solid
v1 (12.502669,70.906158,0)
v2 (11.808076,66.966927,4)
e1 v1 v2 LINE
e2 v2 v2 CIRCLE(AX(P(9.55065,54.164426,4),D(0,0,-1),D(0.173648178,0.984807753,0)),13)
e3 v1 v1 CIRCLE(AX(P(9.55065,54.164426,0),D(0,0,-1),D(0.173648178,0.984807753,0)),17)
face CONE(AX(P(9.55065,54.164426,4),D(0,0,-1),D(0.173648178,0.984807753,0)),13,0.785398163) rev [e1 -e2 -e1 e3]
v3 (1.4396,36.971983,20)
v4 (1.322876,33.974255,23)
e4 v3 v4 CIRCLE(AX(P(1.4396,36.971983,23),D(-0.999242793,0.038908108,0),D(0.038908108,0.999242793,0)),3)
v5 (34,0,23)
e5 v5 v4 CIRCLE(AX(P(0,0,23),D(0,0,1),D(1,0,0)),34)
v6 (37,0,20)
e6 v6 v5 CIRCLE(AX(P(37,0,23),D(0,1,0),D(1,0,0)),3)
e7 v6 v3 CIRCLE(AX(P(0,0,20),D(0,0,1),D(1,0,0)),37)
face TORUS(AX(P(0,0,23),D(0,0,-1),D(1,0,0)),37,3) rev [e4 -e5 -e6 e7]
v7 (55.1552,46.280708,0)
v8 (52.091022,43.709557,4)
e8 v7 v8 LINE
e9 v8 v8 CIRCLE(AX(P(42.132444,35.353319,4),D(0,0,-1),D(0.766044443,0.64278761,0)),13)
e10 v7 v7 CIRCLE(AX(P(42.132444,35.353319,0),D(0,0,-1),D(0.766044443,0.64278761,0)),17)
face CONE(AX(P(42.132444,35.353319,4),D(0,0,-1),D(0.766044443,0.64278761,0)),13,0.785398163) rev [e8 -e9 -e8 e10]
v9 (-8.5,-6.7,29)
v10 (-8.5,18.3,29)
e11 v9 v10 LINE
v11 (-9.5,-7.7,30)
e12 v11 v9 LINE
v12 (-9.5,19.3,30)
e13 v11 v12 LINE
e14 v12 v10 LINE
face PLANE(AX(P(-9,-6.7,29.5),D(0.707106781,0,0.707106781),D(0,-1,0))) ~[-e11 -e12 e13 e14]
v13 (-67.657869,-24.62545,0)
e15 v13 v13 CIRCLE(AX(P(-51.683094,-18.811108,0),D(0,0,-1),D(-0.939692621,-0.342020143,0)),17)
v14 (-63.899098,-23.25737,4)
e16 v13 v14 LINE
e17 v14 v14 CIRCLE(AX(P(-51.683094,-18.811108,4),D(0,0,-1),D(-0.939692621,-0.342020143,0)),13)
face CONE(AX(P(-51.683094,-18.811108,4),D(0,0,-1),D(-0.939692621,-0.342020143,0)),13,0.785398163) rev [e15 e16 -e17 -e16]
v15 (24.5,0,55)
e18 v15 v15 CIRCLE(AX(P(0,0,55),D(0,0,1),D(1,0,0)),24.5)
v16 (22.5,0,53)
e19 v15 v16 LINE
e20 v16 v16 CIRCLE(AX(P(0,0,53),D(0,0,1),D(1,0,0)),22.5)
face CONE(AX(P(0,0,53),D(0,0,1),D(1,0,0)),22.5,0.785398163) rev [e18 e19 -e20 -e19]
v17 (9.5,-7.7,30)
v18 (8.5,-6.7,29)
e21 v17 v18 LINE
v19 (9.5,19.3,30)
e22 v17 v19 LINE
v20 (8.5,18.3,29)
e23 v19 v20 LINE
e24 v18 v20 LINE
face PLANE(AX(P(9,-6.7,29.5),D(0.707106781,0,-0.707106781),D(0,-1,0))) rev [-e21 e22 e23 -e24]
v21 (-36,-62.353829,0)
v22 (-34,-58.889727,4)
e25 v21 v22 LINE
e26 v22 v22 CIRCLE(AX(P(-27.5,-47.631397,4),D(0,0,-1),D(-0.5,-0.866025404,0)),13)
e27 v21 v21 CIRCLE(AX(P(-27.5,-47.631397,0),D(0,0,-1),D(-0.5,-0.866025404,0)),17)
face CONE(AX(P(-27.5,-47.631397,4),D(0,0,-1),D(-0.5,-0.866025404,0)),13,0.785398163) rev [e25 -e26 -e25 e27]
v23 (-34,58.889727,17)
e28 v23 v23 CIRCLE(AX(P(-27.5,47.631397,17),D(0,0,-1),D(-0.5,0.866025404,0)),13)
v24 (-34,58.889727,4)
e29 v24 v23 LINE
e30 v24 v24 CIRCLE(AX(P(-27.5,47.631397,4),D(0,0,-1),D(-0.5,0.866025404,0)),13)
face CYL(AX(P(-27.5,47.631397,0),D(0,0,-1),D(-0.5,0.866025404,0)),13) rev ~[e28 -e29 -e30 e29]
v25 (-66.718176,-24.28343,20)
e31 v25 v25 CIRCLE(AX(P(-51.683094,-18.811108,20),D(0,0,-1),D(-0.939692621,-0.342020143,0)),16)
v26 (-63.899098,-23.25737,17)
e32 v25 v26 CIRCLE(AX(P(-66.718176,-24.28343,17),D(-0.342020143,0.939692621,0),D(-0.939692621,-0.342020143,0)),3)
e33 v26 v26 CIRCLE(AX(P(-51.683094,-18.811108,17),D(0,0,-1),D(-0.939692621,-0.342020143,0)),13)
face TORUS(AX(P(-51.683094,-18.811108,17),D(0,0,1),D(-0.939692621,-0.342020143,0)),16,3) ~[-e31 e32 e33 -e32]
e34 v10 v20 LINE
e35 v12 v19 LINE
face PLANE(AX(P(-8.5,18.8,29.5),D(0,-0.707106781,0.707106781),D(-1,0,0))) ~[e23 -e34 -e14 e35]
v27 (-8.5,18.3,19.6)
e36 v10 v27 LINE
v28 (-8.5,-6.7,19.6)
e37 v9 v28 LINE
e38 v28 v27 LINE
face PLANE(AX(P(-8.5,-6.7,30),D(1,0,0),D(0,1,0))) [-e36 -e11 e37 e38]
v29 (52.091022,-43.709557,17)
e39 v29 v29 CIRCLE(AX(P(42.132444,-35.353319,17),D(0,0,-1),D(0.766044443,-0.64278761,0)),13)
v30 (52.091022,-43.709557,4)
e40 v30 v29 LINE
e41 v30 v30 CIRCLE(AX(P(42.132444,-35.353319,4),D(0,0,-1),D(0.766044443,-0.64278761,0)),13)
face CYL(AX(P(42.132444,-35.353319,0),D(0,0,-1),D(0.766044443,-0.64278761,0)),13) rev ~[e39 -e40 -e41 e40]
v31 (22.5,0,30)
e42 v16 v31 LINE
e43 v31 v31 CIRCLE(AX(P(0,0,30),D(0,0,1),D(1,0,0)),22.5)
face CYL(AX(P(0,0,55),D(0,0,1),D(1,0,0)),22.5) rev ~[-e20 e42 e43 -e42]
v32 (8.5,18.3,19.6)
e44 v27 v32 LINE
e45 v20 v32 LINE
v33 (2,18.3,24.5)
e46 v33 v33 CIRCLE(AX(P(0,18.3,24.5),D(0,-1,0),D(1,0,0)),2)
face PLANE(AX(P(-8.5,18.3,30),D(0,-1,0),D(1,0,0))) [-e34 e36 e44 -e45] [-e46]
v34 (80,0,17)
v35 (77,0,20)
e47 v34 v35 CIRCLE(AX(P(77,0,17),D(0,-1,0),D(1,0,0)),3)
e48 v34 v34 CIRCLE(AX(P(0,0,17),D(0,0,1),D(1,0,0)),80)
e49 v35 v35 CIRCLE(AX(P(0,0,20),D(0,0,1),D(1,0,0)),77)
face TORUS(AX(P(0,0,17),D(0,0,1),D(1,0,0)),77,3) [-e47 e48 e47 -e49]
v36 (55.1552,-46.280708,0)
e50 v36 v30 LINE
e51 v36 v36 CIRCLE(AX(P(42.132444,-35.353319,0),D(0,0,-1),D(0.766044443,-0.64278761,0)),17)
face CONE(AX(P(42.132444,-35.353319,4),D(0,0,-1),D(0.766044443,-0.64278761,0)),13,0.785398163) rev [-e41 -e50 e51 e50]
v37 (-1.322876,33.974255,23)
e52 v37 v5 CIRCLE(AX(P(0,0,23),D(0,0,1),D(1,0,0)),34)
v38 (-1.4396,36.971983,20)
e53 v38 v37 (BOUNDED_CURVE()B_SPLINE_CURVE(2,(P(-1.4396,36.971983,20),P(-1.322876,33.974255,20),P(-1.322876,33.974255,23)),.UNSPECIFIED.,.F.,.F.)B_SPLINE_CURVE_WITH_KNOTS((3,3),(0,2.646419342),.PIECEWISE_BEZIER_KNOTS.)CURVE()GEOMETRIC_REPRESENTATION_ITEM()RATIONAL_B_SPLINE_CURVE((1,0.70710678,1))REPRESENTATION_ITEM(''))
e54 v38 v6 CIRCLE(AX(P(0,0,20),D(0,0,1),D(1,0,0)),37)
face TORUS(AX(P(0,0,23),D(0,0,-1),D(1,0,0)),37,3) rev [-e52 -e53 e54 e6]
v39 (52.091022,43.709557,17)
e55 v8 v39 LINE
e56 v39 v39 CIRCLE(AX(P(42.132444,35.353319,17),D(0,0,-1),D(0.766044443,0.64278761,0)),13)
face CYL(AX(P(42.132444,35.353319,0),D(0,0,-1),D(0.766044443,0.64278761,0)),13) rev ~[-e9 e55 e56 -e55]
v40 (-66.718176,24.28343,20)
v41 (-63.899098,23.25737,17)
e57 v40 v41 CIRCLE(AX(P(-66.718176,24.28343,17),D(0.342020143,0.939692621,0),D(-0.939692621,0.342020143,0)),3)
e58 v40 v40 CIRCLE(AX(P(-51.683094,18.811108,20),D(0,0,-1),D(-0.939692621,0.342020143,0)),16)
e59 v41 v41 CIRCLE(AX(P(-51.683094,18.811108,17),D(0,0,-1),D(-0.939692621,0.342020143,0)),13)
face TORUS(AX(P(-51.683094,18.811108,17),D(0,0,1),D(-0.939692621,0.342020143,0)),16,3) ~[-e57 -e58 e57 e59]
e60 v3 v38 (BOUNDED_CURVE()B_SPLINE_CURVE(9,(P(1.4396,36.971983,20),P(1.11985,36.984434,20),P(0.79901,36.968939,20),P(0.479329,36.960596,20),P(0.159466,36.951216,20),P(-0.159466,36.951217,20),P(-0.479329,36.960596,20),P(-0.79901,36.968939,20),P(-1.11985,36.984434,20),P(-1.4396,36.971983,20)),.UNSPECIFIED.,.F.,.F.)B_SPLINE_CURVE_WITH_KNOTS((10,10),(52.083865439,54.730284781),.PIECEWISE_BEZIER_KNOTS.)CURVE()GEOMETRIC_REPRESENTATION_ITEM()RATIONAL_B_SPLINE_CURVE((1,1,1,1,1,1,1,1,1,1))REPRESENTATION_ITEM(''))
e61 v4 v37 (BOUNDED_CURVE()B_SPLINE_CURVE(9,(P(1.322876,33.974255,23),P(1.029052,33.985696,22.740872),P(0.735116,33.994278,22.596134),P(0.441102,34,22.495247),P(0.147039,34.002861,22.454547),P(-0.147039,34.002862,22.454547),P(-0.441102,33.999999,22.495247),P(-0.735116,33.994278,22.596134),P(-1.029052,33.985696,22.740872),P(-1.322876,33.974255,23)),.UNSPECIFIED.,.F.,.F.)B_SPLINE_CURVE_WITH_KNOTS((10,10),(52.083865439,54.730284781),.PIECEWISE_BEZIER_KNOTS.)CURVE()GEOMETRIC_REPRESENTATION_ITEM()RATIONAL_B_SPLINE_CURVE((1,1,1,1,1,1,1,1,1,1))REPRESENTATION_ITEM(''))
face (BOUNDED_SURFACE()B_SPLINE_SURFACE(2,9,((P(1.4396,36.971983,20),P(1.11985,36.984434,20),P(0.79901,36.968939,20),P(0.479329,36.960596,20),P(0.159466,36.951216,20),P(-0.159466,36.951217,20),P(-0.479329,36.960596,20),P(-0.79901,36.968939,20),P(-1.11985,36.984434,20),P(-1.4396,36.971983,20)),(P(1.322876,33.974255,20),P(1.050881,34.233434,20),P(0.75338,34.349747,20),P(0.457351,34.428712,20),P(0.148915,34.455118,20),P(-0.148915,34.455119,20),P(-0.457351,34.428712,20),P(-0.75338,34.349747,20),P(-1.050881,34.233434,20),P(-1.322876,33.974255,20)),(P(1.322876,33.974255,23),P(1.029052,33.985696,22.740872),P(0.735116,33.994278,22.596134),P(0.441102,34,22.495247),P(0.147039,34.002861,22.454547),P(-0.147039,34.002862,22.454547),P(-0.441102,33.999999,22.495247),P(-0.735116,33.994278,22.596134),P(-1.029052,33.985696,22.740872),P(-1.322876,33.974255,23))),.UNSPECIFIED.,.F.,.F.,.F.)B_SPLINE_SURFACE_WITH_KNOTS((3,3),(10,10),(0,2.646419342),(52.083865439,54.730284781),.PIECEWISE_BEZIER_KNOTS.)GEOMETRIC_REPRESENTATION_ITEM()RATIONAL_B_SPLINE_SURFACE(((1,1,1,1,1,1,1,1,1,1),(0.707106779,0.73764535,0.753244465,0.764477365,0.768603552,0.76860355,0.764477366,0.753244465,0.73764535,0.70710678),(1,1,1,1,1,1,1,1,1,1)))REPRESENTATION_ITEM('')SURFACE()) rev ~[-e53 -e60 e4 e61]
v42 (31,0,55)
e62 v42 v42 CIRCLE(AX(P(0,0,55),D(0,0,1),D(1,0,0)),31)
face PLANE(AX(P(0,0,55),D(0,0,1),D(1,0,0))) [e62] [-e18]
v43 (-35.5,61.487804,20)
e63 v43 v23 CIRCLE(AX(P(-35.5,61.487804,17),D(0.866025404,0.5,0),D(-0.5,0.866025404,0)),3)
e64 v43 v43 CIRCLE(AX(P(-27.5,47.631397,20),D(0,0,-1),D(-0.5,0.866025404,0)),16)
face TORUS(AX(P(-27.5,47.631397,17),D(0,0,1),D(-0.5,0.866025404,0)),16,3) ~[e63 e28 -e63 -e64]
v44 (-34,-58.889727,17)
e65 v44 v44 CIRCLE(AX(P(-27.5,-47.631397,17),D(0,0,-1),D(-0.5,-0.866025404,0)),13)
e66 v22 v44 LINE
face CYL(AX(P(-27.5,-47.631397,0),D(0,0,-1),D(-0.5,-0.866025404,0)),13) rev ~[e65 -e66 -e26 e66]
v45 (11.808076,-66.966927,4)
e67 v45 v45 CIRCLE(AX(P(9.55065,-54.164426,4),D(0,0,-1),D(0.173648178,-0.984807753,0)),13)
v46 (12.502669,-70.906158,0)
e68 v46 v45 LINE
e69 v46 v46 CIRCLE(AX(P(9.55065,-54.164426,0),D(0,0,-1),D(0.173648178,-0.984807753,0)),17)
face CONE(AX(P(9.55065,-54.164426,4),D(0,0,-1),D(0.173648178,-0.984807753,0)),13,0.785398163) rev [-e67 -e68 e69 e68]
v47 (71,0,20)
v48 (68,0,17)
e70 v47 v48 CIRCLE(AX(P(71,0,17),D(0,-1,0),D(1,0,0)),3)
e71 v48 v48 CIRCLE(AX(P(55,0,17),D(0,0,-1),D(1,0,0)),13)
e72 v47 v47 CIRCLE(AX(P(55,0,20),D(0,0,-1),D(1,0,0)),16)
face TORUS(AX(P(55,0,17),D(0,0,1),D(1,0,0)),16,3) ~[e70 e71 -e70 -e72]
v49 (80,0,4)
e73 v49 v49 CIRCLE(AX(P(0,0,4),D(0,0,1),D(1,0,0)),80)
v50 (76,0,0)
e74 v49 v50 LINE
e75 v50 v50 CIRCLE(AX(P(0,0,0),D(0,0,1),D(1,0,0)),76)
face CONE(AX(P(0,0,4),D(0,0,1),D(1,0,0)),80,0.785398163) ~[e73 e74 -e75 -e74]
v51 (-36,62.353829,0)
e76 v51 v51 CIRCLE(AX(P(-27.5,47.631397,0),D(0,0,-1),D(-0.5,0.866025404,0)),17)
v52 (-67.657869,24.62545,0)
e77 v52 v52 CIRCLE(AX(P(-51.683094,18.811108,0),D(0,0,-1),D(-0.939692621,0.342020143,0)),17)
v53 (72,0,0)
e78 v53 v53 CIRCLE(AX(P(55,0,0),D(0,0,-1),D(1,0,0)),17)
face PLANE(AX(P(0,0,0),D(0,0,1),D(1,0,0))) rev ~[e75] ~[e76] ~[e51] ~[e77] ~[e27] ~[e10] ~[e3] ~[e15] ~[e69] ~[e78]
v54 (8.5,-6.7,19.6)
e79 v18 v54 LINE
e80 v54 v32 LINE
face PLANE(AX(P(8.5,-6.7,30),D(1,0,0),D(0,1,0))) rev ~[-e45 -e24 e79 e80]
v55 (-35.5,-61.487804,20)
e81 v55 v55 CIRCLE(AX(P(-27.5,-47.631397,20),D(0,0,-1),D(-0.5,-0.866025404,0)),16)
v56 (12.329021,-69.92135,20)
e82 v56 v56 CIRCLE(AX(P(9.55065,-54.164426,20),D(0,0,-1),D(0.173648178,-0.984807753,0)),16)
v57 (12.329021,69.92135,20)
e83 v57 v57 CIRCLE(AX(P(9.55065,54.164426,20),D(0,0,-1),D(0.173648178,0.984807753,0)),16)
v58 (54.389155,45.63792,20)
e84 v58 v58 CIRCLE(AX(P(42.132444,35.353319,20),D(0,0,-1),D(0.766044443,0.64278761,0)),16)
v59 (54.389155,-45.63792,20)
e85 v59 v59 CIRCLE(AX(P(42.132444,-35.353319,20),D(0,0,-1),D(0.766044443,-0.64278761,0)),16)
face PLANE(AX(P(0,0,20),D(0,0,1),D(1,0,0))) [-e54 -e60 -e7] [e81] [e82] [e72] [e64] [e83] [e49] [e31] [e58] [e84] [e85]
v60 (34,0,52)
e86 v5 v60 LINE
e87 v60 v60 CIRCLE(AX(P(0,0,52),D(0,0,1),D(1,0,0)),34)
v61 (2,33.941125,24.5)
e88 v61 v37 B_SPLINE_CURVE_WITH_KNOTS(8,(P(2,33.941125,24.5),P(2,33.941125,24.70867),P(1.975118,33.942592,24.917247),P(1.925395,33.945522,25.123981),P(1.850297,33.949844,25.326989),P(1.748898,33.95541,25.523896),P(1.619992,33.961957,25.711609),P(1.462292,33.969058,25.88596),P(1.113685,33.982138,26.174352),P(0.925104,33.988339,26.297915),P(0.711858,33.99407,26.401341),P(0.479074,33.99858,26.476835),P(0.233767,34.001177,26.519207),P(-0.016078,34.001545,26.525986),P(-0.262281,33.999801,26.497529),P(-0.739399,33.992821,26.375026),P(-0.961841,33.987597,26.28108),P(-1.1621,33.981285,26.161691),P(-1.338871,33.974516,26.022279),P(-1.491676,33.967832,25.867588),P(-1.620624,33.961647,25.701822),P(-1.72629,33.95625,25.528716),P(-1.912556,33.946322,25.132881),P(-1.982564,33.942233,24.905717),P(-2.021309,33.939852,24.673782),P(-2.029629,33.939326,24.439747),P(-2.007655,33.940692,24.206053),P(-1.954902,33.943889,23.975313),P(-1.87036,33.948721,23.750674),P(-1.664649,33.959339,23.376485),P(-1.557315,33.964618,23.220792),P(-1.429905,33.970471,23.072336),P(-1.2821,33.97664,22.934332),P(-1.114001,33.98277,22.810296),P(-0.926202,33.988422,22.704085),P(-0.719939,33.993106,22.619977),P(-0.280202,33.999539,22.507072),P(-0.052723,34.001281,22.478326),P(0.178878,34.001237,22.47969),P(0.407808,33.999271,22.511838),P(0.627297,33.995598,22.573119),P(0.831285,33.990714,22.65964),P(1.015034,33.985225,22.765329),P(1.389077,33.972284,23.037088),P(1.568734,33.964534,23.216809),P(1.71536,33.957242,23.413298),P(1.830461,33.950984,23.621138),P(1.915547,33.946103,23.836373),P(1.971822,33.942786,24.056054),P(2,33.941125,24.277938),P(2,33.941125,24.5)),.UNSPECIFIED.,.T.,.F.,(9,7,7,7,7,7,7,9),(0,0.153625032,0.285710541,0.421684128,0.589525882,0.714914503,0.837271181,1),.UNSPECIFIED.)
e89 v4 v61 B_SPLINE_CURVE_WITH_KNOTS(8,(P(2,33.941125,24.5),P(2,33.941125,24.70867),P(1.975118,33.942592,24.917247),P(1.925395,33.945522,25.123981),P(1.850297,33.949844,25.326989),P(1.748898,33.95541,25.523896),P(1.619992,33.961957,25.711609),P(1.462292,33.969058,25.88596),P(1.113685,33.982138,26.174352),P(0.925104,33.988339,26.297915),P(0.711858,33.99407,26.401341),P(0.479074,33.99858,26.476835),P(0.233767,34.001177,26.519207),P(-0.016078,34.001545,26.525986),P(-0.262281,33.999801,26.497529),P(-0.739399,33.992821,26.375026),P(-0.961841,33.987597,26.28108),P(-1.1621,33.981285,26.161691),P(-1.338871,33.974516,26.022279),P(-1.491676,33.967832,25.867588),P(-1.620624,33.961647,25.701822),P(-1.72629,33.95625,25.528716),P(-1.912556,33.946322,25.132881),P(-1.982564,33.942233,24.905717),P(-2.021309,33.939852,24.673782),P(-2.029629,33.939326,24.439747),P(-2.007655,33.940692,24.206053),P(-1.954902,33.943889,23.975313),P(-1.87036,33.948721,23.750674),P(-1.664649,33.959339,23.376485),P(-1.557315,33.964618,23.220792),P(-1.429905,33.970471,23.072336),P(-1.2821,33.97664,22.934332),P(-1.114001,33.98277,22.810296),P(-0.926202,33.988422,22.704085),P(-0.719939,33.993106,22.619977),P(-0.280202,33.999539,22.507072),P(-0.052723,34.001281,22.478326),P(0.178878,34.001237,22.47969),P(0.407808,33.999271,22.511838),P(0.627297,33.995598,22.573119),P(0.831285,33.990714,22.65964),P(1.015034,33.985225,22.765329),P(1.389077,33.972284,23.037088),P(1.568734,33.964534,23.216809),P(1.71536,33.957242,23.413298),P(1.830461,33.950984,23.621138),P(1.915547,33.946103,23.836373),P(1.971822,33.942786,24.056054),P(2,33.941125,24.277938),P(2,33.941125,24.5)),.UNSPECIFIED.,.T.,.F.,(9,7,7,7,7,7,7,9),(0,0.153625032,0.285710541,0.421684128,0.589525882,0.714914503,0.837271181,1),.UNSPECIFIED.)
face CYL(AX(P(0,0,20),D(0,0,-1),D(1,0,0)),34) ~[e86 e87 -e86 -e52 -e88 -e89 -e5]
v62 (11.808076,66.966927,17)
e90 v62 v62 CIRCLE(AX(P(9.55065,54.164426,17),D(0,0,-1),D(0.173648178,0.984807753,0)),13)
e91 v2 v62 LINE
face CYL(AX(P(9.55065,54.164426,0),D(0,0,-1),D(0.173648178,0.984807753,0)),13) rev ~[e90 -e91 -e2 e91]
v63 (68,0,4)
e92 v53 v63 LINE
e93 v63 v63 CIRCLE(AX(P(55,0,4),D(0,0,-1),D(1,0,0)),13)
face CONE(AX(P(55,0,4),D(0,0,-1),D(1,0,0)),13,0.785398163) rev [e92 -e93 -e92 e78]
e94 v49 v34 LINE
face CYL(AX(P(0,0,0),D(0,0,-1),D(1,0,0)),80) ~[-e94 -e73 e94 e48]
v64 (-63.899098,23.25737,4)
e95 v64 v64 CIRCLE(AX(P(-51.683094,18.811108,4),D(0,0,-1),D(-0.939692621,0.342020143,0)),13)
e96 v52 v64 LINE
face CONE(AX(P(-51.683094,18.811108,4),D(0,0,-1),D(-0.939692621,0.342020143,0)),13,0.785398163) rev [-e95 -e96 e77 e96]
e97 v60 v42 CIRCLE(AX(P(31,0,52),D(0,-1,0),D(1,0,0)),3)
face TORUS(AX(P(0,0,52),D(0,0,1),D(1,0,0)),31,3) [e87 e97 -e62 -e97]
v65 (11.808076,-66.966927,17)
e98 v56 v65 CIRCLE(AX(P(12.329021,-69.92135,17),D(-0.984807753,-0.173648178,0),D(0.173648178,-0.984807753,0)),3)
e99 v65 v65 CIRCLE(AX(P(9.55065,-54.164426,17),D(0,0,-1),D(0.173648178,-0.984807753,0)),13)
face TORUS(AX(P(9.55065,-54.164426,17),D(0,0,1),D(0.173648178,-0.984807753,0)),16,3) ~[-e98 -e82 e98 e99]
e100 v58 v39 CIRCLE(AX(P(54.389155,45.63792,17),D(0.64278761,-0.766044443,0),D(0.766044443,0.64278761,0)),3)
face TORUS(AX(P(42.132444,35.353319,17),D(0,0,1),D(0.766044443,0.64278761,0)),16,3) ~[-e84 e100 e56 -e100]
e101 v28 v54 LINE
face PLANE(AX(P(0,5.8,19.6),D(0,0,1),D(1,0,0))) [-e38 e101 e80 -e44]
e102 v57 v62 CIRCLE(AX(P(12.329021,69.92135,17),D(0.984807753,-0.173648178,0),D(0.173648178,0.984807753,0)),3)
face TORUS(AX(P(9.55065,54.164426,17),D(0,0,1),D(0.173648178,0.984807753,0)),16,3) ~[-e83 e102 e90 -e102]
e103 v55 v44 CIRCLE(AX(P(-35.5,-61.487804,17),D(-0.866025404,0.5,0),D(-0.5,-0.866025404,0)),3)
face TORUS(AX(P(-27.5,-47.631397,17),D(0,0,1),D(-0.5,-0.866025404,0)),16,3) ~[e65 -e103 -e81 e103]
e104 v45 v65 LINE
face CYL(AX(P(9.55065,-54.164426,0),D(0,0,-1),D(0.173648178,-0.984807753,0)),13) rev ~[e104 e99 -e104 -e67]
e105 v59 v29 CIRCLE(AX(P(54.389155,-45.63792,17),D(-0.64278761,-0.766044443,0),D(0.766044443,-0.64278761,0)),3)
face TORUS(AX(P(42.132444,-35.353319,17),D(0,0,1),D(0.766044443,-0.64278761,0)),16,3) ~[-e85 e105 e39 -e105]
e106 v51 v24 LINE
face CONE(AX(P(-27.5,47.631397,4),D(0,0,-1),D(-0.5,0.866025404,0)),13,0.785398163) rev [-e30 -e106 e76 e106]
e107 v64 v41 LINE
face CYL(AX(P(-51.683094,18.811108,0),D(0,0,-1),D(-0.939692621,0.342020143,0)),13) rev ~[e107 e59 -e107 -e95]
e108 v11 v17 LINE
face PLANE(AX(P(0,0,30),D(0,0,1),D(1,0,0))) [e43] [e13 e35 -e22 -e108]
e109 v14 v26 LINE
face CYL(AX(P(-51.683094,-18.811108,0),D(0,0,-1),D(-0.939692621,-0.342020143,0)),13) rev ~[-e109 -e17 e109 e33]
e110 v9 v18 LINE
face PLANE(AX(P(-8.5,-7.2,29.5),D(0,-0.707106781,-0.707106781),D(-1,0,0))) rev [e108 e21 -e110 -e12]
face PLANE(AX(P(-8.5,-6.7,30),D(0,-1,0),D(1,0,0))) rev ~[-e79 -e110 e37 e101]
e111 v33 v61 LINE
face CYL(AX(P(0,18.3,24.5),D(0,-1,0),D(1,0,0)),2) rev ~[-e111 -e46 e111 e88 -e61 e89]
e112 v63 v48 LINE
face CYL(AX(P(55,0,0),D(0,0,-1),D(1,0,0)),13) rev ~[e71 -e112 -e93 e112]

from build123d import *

# Parameters (mm, degrees)
SKETCH_R           = 80
PAD_DEPTH          = 20
SKETCH001_R        = 34
PAD001_DEPTH       = 35
SKETCH002_R        = 22.5
POCKET_DEPTH       = 25
SKETCH003_W        = 17
SKETCH003_H        = 25
POCKET001_DEPTH    = 10.4
SKETCH005_R        = 13
POCKET002_DEPTH    = 520.726241
POLARPATTERN_COUNT = 9
SKETCH006_R        = 2
POCKET003_DEPTH    = 20
CHAMFER_SIZE       = 4
FILLET_R           = 3
CHAMFER001_SIZE    = 2
CHAMFER002_SIZE    = 1


with BuildPart() as part:
    # Sketch → Pad (new body)
    with BuildSketch(Plane.XY):
        Circle(SKETCH_R)
    extrude(amount=PAD_DEPTH)

    # Sketch001 → Pad001 (new body)
    with BuildSketch(Plane.XY.offset(20)):
        Circle(SKETCH001_R)
    extrude(amount=PAD001_DEPTH)

    # Sketch002 → Pocket (cut)
    with BuildSketch(Plane.XY.offset(55)):
        Circle(SKETCH002_R)
    extrude(amount=-POCKET_DEPTH, mode=Mode.SUBTRACT)

    # Sketch003 → Pocket001 (cut)
    with BuildSketch(Plane.XY.offset(30)):
        with Locations((0, 5.8)):
            Rectangle(SKETCH003_W, SKETCH003_H)
    extrude(amount=-POCKET001_DEPTH, mode=Mode.SUBTRACT)

    # Sketch005 → Pocket002 (cut, through all)
    with BuildSketch(Plane(origin=(0, 0, 0), x_dir=(1, 0, 0), z_dir=(0, 0, -1))):
        with Locations((55, 0)):
            Circle(SKETCH005_R)
    pocket002 = extrude(amount=-POCKET002_DEPTH, mode=Mode.SUBTRACT)

    # PolarPattern: Pocket002 ×9 about axis
    polarpattern_axis = Axis((0, 0, 0), (0, 0, -1))
    for i in range(1, POLARPATTERN_COUNT):
        add(pocket002.rotate(polarpattern_axis, i * 360 / POLARPATTERN_COUNT), mode=Mode.SUBTRACT)

    # Sketch006 → Pocket003 (cut)
    with BuildSketch(Plane.XZ.offset(-18.3)):
        with Locations((0, 24.5)):
            Circle(SKETCH006_R)
    extrude(amount=-POCKET003_DEPTH, mode=Mode.SUBTRACT)

    # Chamfer
    chamfer_edges = [part.edges().sort_by_distance(p)[0] for p in [
        (-80, 0, 0),
        (42, 0, 0),
        (32.173867, 26.99708, 0),
        (7.293223, 41.361926, 0),
        (-21, 36.373067, 0),
        (-39.46709, 14.364846, 0),
        (-39.46709, -14.364846, 0),
        (-21, -36.373067, 0),
        (7.293223, -41.361926, 0),
        (32.173867, -26.99708, 0),
    ]]
    chamfer(chamfer_edges, length=CHAMFER_SIZE)

    # Fillet
    fillet_edges = [part.edges().sort_by_distance(p)[0] for p in [
        (-80, 0, 20),
        (32.173867, -26.99708, 20),
        (42, 0, 20),
        (32.173867, 26.99708, 20),
        (7.293223, -41.361926, 20),
        (-34, 0, 20),
        (-21, -36.373067, 20),
        (-39.46709, -14.364846, 20),
        (-39.46709, 14.364846, 20),
        (-21, 36.373067, 20),
        (7.293223, 41.361926, 20),
        (-34, 0, 55),
    ]]
    fillet(fillet_edges, radius=FILLET_R)

    # Chamfer001
    chamfer001_edges = [part.edges().sort_by_distance(p)[0] for p in [
        (-22.5, 0, 55),
    ]]
    chamfer(chamfer001_edges, length=CHAMFER001_SIZE)

    # Chamfer002
    chamfer002_edges = [part.edges().sort_by_distance(p)[0] for p in [
        (8.5, 5.8, 30),
        (0, -6.7, 30),
        (-8.5, 5.8, 30),
        (0, 18.3, 30),
    ]]
    chamfer(chamfer002_edges, length=CHAMFER002_SIZE)


solid = part.part
